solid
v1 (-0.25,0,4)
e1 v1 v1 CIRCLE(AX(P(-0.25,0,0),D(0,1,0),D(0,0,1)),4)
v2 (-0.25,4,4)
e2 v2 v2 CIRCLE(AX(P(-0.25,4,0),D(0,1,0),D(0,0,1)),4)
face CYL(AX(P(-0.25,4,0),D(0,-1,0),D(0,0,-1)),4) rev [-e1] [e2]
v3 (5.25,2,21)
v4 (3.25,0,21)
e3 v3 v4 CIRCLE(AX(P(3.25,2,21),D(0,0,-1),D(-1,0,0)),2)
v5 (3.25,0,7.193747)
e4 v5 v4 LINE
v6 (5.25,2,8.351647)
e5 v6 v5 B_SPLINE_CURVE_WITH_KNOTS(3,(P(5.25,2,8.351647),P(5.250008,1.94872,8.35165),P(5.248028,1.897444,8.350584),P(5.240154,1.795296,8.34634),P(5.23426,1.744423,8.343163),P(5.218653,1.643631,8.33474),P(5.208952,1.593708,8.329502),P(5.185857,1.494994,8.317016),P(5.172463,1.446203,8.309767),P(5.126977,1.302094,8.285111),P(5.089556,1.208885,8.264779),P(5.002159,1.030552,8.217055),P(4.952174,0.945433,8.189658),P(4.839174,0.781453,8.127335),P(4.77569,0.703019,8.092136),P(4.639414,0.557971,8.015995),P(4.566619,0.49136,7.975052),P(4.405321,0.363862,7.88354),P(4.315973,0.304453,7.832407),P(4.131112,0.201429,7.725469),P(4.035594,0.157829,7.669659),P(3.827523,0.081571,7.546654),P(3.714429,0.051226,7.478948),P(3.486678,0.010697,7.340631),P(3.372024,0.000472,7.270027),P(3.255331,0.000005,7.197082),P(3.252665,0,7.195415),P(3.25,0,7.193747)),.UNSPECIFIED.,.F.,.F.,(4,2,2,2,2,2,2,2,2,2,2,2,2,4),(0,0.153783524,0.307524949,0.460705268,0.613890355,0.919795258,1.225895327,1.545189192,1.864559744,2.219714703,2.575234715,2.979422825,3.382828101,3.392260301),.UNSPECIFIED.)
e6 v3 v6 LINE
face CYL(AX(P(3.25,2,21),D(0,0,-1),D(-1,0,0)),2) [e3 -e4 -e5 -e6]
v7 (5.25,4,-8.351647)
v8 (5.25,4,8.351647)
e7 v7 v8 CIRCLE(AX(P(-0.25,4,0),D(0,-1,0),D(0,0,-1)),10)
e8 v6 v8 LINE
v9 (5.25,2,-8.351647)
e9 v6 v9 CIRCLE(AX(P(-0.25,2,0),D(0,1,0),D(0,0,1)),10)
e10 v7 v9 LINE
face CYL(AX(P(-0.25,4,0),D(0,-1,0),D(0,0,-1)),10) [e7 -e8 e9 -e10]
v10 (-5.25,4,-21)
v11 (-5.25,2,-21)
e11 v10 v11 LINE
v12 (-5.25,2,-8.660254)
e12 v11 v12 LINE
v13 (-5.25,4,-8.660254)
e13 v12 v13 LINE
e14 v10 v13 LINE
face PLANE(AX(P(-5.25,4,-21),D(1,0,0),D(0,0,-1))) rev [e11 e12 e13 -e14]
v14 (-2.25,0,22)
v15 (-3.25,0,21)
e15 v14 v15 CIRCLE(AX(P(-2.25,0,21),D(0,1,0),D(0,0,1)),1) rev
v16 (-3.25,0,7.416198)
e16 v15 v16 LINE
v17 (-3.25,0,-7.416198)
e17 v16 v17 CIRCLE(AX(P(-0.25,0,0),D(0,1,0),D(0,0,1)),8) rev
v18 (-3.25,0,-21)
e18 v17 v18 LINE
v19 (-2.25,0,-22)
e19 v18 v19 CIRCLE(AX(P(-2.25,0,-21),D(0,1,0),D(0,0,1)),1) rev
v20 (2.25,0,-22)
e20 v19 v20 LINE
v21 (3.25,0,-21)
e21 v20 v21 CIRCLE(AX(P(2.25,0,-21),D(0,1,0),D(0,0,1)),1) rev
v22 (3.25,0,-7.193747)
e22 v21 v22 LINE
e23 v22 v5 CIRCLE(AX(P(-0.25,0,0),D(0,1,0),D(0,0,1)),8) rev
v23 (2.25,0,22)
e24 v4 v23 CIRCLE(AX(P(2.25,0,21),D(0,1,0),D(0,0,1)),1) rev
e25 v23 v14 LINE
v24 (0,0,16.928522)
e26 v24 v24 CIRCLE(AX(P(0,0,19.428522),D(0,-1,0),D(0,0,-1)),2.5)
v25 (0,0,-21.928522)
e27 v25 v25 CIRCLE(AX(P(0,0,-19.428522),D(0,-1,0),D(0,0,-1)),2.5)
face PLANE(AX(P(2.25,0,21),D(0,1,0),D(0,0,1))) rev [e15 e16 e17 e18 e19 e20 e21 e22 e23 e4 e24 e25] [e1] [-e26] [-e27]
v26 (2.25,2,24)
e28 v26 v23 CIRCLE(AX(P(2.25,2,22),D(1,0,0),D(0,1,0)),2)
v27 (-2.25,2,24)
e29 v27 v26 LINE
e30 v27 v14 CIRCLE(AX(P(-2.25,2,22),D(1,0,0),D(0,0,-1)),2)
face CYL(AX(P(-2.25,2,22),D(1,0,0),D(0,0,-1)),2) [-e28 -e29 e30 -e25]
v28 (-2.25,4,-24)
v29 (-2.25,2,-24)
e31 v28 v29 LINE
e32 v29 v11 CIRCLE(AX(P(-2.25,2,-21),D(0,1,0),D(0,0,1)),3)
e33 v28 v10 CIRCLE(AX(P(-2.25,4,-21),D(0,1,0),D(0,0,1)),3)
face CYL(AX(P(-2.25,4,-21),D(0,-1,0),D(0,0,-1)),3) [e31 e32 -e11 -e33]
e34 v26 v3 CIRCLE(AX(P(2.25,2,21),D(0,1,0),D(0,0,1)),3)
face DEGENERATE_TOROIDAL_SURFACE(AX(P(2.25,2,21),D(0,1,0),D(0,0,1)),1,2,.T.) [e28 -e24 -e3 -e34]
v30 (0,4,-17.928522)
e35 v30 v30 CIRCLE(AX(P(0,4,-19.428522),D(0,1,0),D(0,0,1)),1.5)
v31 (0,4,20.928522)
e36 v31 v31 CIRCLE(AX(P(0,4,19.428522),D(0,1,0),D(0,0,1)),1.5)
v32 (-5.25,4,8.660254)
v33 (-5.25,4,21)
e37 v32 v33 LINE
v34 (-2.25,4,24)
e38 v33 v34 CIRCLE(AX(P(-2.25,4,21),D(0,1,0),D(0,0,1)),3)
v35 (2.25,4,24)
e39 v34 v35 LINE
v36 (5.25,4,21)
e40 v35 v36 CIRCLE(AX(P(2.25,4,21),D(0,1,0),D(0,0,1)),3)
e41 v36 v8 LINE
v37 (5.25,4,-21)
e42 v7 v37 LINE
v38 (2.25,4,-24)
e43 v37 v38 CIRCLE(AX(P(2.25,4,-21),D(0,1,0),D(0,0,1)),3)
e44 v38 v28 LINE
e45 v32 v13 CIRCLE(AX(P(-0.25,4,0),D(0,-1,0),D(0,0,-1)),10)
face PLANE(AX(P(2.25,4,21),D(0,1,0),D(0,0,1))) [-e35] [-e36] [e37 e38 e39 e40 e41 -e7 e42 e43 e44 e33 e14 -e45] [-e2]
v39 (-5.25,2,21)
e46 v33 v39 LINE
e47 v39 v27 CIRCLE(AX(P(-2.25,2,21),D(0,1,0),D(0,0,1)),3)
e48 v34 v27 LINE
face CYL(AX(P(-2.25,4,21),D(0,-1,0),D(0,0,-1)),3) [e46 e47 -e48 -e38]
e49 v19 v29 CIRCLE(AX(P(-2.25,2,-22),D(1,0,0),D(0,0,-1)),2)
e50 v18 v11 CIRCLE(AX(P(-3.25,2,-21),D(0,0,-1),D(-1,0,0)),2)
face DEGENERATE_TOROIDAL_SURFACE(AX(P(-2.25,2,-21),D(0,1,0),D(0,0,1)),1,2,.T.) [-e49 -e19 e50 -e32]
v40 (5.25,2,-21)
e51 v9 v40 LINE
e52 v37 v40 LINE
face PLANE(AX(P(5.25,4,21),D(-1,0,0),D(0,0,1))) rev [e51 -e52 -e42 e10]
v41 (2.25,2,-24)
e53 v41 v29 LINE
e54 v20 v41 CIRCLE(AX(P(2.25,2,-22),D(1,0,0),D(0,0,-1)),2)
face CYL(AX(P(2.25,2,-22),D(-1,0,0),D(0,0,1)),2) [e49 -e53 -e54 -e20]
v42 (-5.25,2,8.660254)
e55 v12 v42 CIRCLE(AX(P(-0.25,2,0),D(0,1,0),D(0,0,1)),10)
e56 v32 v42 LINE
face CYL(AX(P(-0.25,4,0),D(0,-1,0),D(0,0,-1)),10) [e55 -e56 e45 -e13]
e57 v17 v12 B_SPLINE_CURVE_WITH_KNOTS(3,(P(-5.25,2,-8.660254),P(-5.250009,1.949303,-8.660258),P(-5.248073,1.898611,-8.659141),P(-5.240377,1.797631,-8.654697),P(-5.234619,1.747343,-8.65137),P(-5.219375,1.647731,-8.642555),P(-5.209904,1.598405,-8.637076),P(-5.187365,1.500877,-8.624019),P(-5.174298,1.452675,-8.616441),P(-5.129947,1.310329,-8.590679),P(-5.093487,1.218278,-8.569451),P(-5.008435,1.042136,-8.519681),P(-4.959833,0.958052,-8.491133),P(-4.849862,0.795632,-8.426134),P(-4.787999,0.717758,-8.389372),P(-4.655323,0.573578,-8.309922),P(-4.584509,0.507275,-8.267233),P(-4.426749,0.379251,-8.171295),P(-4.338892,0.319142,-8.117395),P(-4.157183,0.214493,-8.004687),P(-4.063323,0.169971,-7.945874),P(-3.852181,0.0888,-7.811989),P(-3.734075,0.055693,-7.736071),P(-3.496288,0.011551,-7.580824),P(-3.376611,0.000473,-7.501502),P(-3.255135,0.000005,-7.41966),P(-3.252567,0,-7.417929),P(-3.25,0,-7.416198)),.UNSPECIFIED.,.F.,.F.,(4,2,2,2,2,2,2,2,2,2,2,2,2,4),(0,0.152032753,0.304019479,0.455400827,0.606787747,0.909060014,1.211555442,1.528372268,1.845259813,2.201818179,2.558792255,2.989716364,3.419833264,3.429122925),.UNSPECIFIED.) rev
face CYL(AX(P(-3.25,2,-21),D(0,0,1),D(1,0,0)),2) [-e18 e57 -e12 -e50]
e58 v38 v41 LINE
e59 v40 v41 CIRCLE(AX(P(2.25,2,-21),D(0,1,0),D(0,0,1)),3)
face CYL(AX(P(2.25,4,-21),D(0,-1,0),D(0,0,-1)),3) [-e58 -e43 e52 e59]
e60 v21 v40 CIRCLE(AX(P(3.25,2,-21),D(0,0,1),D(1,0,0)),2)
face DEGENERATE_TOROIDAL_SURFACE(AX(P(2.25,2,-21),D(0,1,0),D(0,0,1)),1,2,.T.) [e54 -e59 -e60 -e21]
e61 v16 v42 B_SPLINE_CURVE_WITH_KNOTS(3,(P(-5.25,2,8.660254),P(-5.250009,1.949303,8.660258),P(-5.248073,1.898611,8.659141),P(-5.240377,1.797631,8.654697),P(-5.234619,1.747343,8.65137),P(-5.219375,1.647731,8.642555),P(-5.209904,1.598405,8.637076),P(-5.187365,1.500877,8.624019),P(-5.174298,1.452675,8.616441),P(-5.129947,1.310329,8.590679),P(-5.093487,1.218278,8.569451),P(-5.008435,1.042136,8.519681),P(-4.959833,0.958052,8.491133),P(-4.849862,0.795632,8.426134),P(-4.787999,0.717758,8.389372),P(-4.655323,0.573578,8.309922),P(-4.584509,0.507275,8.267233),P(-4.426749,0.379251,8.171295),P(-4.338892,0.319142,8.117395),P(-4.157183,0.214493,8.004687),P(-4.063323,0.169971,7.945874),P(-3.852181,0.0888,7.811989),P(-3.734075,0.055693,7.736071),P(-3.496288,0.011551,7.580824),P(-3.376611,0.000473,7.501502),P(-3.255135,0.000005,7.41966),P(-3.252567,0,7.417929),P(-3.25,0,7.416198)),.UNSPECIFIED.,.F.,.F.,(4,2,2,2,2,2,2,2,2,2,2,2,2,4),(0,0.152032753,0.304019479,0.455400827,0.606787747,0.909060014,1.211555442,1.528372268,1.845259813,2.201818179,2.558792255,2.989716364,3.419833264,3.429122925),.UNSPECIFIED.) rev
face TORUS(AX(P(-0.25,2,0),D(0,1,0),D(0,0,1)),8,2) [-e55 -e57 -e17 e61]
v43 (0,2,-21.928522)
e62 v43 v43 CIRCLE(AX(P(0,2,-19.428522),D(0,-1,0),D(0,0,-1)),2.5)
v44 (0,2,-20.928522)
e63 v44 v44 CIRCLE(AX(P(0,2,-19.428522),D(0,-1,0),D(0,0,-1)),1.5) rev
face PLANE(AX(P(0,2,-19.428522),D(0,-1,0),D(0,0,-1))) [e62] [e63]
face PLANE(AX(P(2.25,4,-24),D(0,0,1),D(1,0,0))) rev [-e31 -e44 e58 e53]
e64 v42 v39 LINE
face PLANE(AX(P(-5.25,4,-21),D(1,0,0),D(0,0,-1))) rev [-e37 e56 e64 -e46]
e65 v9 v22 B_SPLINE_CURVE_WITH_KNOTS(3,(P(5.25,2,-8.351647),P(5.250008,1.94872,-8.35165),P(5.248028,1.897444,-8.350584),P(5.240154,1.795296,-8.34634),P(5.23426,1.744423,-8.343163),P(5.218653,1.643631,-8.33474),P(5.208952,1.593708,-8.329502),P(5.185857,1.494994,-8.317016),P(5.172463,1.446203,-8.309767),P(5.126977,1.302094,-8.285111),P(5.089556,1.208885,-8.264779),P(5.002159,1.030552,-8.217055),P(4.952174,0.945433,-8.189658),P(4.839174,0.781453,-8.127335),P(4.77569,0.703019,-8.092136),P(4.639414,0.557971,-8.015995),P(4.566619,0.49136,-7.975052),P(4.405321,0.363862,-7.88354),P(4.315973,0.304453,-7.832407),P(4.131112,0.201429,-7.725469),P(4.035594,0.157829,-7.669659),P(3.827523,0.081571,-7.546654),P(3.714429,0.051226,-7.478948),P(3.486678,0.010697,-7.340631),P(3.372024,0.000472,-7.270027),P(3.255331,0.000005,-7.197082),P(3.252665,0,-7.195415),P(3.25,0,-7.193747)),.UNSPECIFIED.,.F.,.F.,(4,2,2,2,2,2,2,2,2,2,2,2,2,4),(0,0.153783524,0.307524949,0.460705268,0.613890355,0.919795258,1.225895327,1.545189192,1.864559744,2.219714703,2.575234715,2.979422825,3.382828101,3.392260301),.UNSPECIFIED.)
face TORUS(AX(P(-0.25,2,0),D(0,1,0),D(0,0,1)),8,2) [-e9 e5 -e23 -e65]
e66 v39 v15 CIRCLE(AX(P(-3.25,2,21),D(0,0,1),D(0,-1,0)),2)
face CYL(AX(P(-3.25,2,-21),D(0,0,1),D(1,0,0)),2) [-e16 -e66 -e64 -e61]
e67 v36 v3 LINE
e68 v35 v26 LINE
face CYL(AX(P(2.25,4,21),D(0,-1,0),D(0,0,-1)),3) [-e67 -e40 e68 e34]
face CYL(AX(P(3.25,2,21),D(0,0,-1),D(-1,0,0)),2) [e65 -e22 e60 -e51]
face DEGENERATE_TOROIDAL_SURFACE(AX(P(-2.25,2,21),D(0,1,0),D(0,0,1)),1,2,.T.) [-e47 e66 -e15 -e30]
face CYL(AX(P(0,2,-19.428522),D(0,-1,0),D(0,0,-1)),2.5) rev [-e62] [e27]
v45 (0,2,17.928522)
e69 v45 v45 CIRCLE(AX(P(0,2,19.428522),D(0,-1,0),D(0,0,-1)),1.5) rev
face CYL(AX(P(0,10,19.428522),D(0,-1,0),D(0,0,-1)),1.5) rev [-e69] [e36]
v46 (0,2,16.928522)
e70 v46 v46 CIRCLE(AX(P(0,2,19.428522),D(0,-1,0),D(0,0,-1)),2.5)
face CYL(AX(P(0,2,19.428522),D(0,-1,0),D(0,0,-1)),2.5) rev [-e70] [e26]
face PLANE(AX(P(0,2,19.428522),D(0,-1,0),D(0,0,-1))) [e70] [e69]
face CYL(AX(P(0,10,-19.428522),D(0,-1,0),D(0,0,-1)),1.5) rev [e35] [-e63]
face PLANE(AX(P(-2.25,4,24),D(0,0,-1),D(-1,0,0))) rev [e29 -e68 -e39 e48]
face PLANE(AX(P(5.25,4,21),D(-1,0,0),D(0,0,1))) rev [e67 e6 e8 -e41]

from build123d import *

# Parameters (mm, degrees)
SKETCH1_R           = 4
BOSS_EXTRUDE1_DEPTH = 4
SKETCH2_R           = 1.5
CUT_EXTRUDE1_DEPTH  = 10
SKETCH3_R           = 2.5
CUT_EXTRUDE2_DEPTH  = 2
SKETCH4_R           = 10
SKETCH4_R_2         = 4
BOSS_EXTRUDE3_DEPTH = 4
FILLET1_R           = 2


with BuildPart() as part:
    # Sketch1 → Boss-Extrude1 (new body)
    with BuildSketch(Plane(origin=(0, 0, 0), x_dir=(1, 0, 0), z_dir=(0, 1, 0))):
        with BuildLine():
            Line((5.25, -21), (5.25, 21))
            ThreePointArc((5.25, 21), (4.371320344, 23.121320344), (2.25, 24))
            Line((2.25, 24), (-2.25, 24))
            ThreePointArc((-2.25, 24), (-4.371320344, 23.121320344), (-5.25, 21))
            Line((-5.25, 21), (-5.25, -21))
            ThreePointArc((-5.25, -21), (-4.371320344, -23.121320344), (-2.25, -24))
            Line((-2.25, -24), (2.25, -24))
            ThreePointArc((2.25, -24), (4.371320344, -23.121320344), (5.25, -21))
        make_face()
        with Locations((-0.25, 0)):
            Circle(SKETCH1_R, mode=Mode.SUBTRACT)
    extrude(amount=BOSS_EXTRUDE1_DEPTH)

    # Sketch2 → Cut-Extrude1 (cut)
    with BuildSketch(Plane.XZ):
        with Locations((0, 19.428521822)):
            Circle(SKETCH2_R)
        with Locations((0, -19.428521822)):
            Circle(SKETCH2_R)
    extrude(amount=-CUT_EXTRUDE1_DEPTH, mode=Mode.SUBTRACT)

    # Sketch3 → Cut-Extrude2 (cut)
    with BuildSketch(Plane.XZ):
        with Locations((0, 19.428521822)):
            Circle(SKETCH3_R)
        with Locations((0, -19.428521822)):
            Circle(SKETCH3_R)
    extrude(amount=-CUT_EXTRUDE2_DEPTH, mode=Mode.SUBTRACT)

    # Sketch4 → Boss-Extrude3 (add)
    with BuildSketch(Plane.XZ):
        with Locations((-0.25, 0)):
            Circle(SKETCH4_R)
        with Locations((-0.25, 0)):
            Circle(SKETCH4_R_2, mode=Mode.SUBTRACT)
    extrude(amount=-BOSS_EXTRUDE3_DEPTH)

    # Fillet1
    fillet1_edges = [part.edges().sort_by_distance(p)[0] for p in [
        (5.25, 0, 14.675823272),
        (4.371320344, 0, 23.121320344),
        (-5.25, 0, 14.830127019),
        (5.25, 0, -14.675823272),
        (9.75, 0, 0),
        (-10.25, 0, 0),
        (0, 0, 24),
        (-4.371320344, 0, 23.121320344),
        (-5.25, 0, -14.830127019),
        (-4.371320344, 0, -23.121320344),
        (0, 0, -24),
        (4.371320344, 0, -23.121320344),
    ]]
    fillet(fillet1_edges, radius=FILLET1_R)


solid = part.part
